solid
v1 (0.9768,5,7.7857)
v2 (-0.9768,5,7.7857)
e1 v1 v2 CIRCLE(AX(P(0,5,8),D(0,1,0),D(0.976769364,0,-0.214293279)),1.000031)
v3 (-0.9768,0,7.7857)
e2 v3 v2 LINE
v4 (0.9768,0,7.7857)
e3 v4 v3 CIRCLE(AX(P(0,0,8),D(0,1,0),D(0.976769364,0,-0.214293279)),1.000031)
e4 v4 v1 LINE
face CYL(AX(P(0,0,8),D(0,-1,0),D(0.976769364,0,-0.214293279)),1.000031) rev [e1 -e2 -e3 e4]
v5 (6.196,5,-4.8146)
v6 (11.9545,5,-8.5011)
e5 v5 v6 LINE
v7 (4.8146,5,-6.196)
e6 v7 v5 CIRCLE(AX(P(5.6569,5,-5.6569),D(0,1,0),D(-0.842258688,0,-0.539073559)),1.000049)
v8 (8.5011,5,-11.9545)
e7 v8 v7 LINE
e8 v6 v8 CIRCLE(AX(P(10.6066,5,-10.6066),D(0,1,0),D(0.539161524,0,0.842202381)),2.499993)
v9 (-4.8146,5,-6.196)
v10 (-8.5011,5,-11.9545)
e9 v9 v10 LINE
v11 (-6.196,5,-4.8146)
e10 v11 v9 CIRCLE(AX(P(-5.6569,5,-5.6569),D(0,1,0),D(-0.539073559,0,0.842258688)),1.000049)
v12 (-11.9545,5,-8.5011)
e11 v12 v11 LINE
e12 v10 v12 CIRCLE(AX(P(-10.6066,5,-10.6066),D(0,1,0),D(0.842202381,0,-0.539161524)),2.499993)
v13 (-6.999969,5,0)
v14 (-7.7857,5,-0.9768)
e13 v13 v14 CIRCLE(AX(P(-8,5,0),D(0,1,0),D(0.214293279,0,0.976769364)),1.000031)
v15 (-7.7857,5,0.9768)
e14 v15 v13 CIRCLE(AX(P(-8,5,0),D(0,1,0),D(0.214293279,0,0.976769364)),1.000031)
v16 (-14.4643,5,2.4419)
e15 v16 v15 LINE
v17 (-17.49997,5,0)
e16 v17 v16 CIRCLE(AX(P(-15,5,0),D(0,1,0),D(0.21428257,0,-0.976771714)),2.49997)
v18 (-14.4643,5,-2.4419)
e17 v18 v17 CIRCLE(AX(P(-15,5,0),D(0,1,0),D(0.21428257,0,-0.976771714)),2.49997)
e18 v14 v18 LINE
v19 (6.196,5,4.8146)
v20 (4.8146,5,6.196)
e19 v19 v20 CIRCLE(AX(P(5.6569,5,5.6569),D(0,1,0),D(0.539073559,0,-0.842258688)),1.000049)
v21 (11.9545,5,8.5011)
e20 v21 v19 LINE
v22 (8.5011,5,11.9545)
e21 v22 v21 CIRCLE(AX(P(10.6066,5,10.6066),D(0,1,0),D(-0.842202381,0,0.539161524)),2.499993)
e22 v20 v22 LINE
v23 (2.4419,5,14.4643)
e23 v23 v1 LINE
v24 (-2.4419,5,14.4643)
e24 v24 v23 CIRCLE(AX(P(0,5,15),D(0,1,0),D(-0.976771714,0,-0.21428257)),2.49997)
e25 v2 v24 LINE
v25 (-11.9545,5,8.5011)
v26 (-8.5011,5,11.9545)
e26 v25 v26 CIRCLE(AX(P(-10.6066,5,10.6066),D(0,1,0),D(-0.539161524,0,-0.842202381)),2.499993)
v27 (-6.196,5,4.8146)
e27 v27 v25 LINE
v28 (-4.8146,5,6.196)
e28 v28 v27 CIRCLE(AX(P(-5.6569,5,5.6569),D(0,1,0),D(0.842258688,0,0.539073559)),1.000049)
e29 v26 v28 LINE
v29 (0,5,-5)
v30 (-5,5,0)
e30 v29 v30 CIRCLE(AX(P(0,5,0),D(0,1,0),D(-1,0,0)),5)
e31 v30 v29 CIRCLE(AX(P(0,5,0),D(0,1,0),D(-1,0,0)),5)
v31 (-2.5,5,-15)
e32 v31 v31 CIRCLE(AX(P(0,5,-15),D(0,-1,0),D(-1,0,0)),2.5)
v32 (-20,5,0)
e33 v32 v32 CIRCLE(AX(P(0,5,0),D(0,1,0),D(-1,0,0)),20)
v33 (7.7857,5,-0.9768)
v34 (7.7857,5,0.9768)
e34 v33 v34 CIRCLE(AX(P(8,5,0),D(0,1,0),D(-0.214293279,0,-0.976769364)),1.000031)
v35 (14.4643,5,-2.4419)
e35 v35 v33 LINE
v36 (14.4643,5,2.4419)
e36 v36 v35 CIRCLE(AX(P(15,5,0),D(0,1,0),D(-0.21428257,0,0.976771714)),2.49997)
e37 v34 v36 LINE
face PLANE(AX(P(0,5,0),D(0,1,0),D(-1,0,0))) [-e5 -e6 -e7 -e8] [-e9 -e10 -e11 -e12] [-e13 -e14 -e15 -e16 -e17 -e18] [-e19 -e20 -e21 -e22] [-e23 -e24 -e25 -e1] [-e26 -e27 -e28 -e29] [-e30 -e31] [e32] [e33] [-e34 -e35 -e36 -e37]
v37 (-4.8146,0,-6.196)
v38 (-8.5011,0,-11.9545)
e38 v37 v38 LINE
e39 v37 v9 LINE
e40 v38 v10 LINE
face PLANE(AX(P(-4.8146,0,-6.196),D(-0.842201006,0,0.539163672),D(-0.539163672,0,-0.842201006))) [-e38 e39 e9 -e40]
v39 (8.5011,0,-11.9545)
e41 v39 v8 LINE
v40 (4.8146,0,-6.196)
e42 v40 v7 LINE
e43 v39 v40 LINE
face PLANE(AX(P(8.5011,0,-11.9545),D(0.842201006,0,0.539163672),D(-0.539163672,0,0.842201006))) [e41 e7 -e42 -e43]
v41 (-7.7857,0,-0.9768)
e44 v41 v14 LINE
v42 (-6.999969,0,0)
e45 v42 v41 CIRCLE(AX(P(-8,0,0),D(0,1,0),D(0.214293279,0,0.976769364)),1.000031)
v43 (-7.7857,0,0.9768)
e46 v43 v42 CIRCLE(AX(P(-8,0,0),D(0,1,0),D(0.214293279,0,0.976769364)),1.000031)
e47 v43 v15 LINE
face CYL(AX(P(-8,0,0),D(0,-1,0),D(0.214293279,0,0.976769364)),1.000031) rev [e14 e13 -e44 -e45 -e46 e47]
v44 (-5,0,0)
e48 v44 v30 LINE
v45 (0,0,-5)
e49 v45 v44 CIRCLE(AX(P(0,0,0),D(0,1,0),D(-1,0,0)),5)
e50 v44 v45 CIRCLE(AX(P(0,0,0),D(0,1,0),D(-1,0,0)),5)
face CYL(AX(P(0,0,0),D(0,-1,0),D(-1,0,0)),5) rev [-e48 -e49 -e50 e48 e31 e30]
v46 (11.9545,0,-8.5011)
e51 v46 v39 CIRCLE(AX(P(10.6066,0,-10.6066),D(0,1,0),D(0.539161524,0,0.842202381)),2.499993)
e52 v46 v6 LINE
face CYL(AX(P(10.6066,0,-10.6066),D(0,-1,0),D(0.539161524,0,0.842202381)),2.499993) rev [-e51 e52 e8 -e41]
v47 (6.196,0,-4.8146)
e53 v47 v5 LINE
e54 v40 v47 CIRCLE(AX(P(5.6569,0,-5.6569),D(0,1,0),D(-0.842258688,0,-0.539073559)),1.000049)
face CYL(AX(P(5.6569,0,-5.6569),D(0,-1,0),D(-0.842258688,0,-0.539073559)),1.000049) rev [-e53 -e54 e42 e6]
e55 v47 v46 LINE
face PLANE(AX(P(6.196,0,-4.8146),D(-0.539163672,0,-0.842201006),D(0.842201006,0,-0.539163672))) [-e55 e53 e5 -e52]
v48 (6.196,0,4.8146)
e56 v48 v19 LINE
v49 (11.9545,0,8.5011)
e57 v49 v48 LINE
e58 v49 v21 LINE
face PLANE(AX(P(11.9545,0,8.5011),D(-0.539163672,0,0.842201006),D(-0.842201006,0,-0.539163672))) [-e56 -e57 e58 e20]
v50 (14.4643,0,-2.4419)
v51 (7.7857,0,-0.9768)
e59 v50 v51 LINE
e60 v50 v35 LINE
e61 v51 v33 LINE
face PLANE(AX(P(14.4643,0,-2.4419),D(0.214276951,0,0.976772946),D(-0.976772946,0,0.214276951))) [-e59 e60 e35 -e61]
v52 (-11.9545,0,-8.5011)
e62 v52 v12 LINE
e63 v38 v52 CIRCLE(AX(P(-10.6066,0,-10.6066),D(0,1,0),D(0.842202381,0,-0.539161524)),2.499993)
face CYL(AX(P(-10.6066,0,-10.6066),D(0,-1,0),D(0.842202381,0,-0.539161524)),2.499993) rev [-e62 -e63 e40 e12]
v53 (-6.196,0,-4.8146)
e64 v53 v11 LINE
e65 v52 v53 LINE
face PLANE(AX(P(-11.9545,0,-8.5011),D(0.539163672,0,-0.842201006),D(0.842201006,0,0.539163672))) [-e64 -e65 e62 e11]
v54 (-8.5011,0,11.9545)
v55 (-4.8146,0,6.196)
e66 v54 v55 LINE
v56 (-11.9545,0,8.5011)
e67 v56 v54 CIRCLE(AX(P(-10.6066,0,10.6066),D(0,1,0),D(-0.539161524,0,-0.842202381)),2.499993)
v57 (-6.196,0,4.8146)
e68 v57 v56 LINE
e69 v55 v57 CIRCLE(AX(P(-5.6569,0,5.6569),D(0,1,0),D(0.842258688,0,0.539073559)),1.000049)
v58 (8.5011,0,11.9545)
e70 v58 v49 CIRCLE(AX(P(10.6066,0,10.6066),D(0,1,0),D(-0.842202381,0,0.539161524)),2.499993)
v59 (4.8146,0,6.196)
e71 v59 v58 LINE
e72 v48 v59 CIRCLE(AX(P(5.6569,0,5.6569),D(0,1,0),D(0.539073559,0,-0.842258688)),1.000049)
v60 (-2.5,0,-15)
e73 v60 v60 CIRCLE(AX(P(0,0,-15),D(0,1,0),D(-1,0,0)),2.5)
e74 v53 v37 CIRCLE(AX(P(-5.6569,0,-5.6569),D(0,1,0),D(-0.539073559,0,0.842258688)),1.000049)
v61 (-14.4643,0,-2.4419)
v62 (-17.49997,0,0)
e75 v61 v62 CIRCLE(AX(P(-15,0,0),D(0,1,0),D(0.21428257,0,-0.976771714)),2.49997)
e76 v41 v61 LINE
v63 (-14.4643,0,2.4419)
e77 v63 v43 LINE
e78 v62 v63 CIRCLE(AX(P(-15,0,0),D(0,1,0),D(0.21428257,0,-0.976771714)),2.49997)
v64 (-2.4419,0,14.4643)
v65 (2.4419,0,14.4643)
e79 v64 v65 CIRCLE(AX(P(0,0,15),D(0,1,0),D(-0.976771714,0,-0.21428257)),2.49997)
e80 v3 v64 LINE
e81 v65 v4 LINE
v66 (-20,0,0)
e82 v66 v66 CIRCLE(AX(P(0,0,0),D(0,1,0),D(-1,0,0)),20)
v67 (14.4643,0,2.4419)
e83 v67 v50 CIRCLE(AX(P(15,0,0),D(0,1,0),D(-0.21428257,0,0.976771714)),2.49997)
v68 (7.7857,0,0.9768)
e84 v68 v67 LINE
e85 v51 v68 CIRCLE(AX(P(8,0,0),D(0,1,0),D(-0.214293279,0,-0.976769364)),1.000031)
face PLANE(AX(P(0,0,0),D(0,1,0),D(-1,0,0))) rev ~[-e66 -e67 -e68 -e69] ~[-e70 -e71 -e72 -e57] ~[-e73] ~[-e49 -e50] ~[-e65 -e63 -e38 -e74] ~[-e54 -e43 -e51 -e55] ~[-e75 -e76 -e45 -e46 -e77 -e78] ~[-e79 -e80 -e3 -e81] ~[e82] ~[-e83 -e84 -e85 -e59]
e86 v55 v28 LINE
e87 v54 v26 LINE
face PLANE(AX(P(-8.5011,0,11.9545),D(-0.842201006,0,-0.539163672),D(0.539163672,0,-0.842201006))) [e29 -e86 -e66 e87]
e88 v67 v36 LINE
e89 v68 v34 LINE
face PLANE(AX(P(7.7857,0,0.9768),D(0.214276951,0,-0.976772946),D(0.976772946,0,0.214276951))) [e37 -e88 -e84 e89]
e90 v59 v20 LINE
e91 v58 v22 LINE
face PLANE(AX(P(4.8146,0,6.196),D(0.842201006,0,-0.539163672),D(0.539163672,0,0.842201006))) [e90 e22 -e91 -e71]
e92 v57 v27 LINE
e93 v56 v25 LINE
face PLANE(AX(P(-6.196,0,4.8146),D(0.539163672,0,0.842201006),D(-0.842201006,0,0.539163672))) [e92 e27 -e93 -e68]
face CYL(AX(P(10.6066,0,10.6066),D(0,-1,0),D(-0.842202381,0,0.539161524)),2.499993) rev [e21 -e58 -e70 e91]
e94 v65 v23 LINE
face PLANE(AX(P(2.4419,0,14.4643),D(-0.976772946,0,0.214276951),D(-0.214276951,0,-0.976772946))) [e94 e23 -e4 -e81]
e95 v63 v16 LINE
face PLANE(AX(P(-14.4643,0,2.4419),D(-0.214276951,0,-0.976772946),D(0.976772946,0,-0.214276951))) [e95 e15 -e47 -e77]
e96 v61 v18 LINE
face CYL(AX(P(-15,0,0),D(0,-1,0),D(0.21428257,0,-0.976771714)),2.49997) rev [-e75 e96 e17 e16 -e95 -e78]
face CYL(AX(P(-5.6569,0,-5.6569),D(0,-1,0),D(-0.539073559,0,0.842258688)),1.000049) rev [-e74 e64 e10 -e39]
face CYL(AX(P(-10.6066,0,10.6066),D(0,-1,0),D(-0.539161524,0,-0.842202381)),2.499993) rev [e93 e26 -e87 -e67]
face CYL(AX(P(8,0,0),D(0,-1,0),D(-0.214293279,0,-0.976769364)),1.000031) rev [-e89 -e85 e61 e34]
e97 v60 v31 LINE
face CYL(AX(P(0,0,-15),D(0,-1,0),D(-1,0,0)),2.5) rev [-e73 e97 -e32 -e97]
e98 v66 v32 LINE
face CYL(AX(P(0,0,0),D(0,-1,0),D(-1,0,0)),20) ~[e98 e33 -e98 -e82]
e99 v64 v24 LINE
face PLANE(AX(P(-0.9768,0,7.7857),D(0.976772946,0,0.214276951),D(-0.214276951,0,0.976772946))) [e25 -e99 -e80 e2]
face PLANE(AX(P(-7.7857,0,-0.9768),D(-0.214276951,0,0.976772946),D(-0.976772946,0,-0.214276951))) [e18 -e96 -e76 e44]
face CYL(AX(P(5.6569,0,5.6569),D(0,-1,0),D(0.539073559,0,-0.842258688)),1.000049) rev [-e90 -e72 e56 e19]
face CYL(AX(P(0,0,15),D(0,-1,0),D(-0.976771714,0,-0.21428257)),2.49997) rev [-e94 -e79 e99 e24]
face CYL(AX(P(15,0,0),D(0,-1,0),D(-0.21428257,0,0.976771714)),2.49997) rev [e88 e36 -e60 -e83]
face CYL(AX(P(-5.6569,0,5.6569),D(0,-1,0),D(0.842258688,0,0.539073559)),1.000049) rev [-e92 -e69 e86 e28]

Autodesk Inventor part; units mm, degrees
ref_plane "YZ Plane" through (0, 0, 0) normal (1, 0, 0) x (0, 1, 0)
ref_plane "XZ Plane" through (0, 0, 0) normal (0, 1, 0) x (-1, 0, 0)
ref_plane "XY Plane" through (0, 0, 0) normal (0, 0, 1) x (1, 0, 0)
sketch "Sketch1" plane through (0, 0, 0) normal (0, 1, 0) x (-1, 0, 0)
  circle A0 centre (0, 0) radius 20
  circle A1 centre (0, 0) radius 5
  line L0 (0, 0) -> (0, -15)
  circle A2 centre (0, -15) radius 2.5
  line L1 (0, 0) -> (20, 0)
  line L2 (0, 0) -> (15, 0)
  arc A3 (14.4643, -2.4419) -> (14.4643, 2.4419) centre (15, 0) ccw
  line L3 (15, 0) -> (8, 0)
  arc A4 (7.7857, 0.9768) -> (7.7857, -0.9768) centre (8, 0) ccw
  line L4 (14.4643, 2.4419) -> (7.7857, 0.9768)
  line L5 (7.7857, -0.9768) -> (14.4643, -2.4419)
  arc A5 (11.9545, 8.5011) -> (8.5011, 11.9545) centre (10.6066, 10.6066) ccw
  line L6 (10.6066, 10.6066) -> (5.6569, 5.6569)
  line L7 (8.5011, 11.9545) -> (4.8146, 6.196)
  line L8 (6.196, 4.8146) -> (11.9545, 8.5011)
  arc A6 (4.8146, 6.196) -> (6.196, 4.8146) centre (5.6569, 5.6569) ccw
  arc A7 (2.4419, 14.4643) -> (-2.4419, 14.4643) centre (0, 15) ccw
  line L9 (0, 15) -> (0, 8)
  line L10 (-2.4419, 14.4643) -> (-0.9768, 7.7857)
  line L11 (0.9768, 7.7857) -> (2.4419, 14.4643)
  arc A8 (-0.9768, 7.7857) -> (0.9768, 7.7857) centre (0, 8) ccw
  arc A9 (-8.5011, 11.9545) -> (-11.9545, 8.5011) centre (-10.6066, 10.6066) ccw
  line L12 (-10.6066, 10.6066) -> (-5.6569, 5.6569)
  line L13 (-11.9545, 8.5011) -> (-6.196, 4.8146)
  line L14 (-4.8146, 6.196) -> (-8.5011, 11.9545)
  arc A10 (-6.196, 4.8146) -> (-4.8146, 6.196) centre (-5.6569, 5.6569) ccw
  arc A11 (-14.4643, 2.4419) -> (-14.4643, -2.4419) centre (-15, 0) ccw
  line L15 (-15, 0) -> (-8, 0)
  line L16 (-14.4643, -2.4419) -> (-7.7857, -0.9768)
  line L17 (-7.7857, 0.9768) -> (-14.4643, 2.4419)
  arc A12 (-7.7857, -0.9768) -> (-7.7857, 0.9768) centre (-8, 0) ccw
  arc A13 (-11.9545, -8.5011) -> (-8.5011, -11.9545) centre (-10.6066, -10.6066) ccw
  line L18 (-10.6066, -10.6066) -> (-5.6569, -5.6569)
  line L19 (-8.5011, -11.9545) -> (-4.8146, -6.196)
  line L20 (-6.196, -4.8146) -> (-11.9545, -8.5011)
  arc A14 (-4.8146, -6.196) -> (-6.196, -4.8146) centre (-5.6569, -5.6569) ccw
  arc A15 (-2.4419, -14.4643) -> (2.4419, -14.4643) centre (0, -15) ccw
  line L21 (0, -15) -> (0, -8)
  line L22 (2.4419, -14.4643) -> (0.9768, -7.7857)
  line L23 (-0.9768, -7.7857) -> (-2.4419, -14.4643)
  arc A16 (0.9768, -7.7857) -> (-0.9768, -7.7857) centre (0, -8) ccw
  arc A17 (8.5011, -11.9545) -> (11.9545, -8.5011) centre (10.6066, -10.6066) ccw
  line L24 (10.6066, -10.6066) -> (5.6569, -5.6569)
  line L25 (11.9545, -8.5011) -> (6.196, -4.8146)
  line L26 (4.8146, -6.196) -> (8.5011, -11.9545)
  arc A18 (6.196, -4.8146) -> (4.8146, -6.196) centre (5.6569, -5.6569) ccw
  dimension "d0" = 40
  dimension "d1" = 10
  dimension "d2" = 15
  dimension "d3" = 5
  dimension "d4" = 15
  dimension "d5" = 5
  dimension "d6" = 7
  dimension "d7" = 2
  dimension "d10" = 360
extrude "Extrusion1" add sketch "Sketch1" along normal blind 5 contours A0 | A16 L22 A2 L0 | L0 A2 L23 A16
properties part number "zebatka_mid"
